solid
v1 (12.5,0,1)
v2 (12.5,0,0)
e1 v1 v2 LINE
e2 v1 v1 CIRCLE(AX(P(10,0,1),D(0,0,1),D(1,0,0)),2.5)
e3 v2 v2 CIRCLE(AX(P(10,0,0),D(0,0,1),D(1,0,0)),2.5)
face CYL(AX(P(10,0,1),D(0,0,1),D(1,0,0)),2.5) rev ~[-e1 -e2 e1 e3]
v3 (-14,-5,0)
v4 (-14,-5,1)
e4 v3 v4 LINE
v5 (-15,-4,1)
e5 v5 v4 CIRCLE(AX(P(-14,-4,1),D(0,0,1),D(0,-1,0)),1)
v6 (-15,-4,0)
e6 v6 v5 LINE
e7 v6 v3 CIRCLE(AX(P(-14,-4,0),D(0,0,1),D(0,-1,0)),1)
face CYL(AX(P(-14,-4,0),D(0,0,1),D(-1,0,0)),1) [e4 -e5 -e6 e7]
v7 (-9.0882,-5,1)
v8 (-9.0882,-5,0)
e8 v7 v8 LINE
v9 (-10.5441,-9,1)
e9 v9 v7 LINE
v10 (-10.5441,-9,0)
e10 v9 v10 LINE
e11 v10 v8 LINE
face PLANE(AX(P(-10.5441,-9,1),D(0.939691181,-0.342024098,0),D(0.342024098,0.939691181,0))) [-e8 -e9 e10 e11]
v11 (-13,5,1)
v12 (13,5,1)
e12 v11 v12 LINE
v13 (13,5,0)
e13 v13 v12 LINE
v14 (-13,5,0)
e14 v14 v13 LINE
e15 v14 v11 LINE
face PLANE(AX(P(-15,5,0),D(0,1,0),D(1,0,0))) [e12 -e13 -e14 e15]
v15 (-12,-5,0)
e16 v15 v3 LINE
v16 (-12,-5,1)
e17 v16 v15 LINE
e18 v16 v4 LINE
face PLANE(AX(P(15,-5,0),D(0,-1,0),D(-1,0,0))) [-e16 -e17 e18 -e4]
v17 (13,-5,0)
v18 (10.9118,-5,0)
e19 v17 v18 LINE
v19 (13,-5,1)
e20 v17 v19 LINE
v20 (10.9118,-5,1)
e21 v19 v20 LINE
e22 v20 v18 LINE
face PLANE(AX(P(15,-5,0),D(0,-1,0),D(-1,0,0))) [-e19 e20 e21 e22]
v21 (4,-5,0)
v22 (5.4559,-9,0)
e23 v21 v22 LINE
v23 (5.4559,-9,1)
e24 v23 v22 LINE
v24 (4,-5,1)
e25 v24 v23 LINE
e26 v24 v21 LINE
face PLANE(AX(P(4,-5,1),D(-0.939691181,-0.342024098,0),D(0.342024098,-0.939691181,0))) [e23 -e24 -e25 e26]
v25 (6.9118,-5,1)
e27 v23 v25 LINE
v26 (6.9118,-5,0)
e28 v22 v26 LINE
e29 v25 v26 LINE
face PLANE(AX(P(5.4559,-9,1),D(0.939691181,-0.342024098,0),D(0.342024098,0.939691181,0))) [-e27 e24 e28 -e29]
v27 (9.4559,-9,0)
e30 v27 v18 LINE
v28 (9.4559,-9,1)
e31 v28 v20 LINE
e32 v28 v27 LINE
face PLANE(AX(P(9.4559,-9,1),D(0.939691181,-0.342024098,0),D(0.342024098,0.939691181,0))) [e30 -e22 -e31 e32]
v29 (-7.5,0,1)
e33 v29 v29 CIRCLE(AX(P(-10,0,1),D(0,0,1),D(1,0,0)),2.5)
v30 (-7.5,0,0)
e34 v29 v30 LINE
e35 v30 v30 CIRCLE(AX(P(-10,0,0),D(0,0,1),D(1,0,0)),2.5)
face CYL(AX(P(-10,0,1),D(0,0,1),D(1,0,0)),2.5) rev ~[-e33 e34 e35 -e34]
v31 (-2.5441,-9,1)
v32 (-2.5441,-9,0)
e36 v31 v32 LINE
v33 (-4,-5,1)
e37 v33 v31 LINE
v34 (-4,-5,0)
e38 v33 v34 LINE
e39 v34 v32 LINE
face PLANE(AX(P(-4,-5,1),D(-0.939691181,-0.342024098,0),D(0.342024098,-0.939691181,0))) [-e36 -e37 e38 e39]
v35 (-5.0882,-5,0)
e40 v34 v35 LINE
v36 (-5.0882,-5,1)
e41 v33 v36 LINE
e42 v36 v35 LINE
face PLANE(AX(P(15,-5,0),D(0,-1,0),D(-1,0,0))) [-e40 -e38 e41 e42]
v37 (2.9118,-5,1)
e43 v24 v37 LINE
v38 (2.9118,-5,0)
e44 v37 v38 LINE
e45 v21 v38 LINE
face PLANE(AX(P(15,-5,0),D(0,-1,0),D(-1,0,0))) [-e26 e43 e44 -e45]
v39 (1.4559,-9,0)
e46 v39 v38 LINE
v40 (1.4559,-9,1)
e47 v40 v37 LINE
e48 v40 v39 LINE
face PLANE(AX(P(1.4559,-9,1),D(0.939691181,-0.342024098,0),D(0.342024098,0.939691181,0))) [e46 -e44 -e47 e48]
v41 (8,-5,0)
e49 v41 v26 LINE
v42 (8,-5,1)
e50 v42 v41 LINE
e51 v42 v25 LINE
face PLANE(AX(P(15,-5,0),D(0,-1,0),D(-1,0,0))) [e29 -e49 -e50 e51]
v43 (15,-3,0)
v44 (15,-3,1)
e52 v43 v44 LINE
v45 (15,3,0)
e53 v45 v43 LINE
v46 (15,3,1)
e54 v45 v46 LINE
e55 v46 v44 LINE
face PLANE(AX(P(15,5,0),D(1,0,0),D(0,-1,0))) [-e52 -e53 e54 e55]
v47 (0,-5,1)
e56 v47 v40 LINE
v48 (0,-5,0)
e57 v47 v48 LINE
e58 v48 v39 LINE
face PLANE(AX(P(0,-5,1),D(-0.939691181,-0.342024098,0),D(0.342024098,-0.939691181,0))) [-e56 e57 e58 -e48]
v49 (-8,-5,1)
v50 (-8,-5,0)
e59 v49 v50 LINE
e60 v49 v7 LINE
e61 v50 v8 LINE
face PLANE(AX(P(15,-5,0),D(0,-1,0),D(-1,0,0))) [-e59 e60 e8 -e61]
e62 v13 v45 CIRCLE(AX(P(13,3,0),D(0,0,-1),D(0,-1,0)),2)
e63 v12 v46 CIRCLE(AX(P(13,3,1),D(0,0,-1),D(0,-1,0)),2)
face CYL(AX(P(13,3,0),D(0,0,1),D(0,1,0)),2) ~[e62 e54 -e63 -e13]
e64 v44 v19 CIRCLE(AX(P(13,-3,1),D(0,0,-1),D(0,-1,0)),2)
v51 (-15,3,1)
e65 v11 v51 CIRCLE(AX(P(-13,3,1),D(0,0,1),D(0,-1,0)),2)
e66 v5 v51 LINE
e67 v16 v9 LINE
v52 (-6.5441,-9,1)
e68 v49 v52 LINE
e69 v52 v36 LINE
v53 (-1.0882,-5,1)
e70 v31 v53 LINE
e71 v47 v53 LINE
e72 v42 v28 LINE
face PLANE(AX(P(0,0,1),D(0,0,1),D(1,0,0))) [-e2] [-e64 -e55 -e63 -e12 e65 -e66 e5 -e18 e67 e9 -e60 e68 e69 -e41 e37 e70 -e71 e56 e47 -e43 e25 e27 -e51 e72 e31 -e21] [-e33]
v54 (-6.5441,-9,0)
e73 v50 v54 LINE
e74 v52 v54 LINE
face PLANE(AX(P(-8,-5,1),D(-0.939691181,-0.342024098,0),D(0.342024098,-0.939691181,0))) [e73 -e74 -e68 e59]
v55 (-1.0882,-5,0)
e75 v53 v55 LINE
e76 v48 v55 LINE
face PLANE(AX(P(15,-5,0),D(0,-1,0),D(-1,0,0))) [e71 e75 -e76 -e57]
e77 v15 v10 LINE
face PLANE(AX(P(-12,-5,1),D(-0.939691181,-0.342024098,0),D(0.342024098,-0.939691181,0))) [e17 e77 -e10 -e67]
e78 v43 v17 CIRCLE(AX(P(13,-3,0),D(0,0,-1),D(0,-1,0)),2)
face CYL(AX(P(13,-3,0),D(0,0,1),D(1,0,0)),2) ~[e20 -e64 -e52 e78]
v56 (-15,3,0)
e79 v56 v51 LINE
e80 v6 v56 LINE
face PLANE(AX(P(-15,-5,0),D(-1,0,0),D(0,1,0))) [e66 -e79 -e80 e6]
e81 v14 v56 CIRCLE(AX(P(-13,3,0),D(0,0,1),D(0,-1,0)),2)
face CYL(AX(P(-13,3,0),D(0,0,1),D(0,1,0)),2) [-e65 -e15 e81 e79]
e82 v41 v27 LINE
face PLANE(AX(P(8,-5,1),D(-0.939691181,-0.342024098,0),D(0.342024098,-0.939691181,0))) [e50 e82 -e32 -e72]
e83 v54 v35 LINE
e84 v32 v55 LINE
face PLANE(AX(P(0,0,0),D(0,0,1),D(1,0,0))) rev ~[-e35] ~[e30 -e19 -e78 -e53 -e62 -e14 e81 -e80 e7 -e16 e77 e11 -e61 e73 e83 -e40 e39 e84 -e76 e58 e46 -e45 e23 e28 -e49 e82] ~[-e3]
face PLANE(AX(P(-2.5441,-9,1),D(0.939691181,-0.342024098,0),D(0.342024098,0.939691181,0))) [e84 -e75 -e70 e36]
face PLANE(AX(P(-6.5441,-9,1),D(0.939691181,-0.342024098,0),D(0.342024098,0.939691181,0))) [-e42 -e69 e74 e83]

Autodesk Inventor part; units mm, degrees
ref_plane "YZ Plane" through (0, 0, 0) normal (1, 0, 0) x (0, 1, 0)
ref_plane "XZ Plane" through (0, 0, 0) normal (0, 1, 0) x (-1, 0, 0)
ref_plane "XY Plane" through (0, 0, 0) normal (0, 0, 1) x (1, 0, 0)
sketch "Sketch2" plane through (0, 0, 0) normal (0, 0, 1) x (1, 0, 0)
  line L0 (15, -5) -> (-15, -5)
  line L1 (-15, -5) -> (-15, 5)
  line L2 (-15, 5) -> (15, 5)
  line L3 (15, 5) -> (15, -5)
  line L4 (15, -5) -> (-15, 5) construction
  line L5 (-15, -5) -> (15, 5) construction
  point P0 (0, 0)
  dimension "d192" = 30
  dimension "d193" = 10
extrude "Extrusion1" add sketch "Sketch2" along normal blind 1
sketch "Sketch3" plane through (0, 0, 1) normal (0, 0, 1) x (1, 0, 0)
  circle A0 centre (-10, 0) radius 2.5
  line L0 (15, 5) -> (-15, 5) construction
  line L1 (-15, 5) -> (-15, -5) construction
  line L2 (-15, -5) -> (15, -5) construction
  line L3 (15, -5) -> (15, 5) construction
  point P0 (0, 0)
  dimension "d196" = 5
  dimension "d197" = 10
extrude "Extrusion2" cut sketch "Sketch3" against normal blind 1
sketch "Sketch4" plane through (0, 0, 1) normal (0, 0, 1) x (1, 0, 0)
  circle A0 centre (10, 0) radius 2.5
  point P0 (0, 0)
  dimension "d200" = 5
  dimension "d201" = 10
extrude "Extrusion3" cut sketch "Sketch4" against normal blind 1
sketch "Sketch5" plane through (0, 0, 1) normal (0, 0, 1) x (1, 0, 0)
  line L0 (-15, -5) -> (15, -5) construction
  line L1 (-15, -5) -> (15, -5) projected
  line L2 (-12, -5) -> (-10.5441, -9)
  line L3 (-10.5441, -9) -> (-9.0882, -5)
  point P0 (0, 0)
  dimension "d204" = 4
  dimension "d205" = 70
  dimension "d206" = 70
  dimension "d207" = 12
extrude "Extrusion4" add sketch "Sketch5" against normal blind 1
pattern_linear "Rectangular Pattern1" count 6 spacing 4 along (1, 0, 0) of "Extrusion4"
fillet "Fillet1" radius 2 1 edges at (-15, 5, 0.5)
fillet "Fillet2" radius 2 1 edges at (15, 5, 0.5)
fillet "Fillet3" radius 2 1 edges at (15, -5, 0.5)
fillet "Fillet4" radius 1 1 edges at (-15, -5, 0.5)
properties part number "50_sierra-01"
